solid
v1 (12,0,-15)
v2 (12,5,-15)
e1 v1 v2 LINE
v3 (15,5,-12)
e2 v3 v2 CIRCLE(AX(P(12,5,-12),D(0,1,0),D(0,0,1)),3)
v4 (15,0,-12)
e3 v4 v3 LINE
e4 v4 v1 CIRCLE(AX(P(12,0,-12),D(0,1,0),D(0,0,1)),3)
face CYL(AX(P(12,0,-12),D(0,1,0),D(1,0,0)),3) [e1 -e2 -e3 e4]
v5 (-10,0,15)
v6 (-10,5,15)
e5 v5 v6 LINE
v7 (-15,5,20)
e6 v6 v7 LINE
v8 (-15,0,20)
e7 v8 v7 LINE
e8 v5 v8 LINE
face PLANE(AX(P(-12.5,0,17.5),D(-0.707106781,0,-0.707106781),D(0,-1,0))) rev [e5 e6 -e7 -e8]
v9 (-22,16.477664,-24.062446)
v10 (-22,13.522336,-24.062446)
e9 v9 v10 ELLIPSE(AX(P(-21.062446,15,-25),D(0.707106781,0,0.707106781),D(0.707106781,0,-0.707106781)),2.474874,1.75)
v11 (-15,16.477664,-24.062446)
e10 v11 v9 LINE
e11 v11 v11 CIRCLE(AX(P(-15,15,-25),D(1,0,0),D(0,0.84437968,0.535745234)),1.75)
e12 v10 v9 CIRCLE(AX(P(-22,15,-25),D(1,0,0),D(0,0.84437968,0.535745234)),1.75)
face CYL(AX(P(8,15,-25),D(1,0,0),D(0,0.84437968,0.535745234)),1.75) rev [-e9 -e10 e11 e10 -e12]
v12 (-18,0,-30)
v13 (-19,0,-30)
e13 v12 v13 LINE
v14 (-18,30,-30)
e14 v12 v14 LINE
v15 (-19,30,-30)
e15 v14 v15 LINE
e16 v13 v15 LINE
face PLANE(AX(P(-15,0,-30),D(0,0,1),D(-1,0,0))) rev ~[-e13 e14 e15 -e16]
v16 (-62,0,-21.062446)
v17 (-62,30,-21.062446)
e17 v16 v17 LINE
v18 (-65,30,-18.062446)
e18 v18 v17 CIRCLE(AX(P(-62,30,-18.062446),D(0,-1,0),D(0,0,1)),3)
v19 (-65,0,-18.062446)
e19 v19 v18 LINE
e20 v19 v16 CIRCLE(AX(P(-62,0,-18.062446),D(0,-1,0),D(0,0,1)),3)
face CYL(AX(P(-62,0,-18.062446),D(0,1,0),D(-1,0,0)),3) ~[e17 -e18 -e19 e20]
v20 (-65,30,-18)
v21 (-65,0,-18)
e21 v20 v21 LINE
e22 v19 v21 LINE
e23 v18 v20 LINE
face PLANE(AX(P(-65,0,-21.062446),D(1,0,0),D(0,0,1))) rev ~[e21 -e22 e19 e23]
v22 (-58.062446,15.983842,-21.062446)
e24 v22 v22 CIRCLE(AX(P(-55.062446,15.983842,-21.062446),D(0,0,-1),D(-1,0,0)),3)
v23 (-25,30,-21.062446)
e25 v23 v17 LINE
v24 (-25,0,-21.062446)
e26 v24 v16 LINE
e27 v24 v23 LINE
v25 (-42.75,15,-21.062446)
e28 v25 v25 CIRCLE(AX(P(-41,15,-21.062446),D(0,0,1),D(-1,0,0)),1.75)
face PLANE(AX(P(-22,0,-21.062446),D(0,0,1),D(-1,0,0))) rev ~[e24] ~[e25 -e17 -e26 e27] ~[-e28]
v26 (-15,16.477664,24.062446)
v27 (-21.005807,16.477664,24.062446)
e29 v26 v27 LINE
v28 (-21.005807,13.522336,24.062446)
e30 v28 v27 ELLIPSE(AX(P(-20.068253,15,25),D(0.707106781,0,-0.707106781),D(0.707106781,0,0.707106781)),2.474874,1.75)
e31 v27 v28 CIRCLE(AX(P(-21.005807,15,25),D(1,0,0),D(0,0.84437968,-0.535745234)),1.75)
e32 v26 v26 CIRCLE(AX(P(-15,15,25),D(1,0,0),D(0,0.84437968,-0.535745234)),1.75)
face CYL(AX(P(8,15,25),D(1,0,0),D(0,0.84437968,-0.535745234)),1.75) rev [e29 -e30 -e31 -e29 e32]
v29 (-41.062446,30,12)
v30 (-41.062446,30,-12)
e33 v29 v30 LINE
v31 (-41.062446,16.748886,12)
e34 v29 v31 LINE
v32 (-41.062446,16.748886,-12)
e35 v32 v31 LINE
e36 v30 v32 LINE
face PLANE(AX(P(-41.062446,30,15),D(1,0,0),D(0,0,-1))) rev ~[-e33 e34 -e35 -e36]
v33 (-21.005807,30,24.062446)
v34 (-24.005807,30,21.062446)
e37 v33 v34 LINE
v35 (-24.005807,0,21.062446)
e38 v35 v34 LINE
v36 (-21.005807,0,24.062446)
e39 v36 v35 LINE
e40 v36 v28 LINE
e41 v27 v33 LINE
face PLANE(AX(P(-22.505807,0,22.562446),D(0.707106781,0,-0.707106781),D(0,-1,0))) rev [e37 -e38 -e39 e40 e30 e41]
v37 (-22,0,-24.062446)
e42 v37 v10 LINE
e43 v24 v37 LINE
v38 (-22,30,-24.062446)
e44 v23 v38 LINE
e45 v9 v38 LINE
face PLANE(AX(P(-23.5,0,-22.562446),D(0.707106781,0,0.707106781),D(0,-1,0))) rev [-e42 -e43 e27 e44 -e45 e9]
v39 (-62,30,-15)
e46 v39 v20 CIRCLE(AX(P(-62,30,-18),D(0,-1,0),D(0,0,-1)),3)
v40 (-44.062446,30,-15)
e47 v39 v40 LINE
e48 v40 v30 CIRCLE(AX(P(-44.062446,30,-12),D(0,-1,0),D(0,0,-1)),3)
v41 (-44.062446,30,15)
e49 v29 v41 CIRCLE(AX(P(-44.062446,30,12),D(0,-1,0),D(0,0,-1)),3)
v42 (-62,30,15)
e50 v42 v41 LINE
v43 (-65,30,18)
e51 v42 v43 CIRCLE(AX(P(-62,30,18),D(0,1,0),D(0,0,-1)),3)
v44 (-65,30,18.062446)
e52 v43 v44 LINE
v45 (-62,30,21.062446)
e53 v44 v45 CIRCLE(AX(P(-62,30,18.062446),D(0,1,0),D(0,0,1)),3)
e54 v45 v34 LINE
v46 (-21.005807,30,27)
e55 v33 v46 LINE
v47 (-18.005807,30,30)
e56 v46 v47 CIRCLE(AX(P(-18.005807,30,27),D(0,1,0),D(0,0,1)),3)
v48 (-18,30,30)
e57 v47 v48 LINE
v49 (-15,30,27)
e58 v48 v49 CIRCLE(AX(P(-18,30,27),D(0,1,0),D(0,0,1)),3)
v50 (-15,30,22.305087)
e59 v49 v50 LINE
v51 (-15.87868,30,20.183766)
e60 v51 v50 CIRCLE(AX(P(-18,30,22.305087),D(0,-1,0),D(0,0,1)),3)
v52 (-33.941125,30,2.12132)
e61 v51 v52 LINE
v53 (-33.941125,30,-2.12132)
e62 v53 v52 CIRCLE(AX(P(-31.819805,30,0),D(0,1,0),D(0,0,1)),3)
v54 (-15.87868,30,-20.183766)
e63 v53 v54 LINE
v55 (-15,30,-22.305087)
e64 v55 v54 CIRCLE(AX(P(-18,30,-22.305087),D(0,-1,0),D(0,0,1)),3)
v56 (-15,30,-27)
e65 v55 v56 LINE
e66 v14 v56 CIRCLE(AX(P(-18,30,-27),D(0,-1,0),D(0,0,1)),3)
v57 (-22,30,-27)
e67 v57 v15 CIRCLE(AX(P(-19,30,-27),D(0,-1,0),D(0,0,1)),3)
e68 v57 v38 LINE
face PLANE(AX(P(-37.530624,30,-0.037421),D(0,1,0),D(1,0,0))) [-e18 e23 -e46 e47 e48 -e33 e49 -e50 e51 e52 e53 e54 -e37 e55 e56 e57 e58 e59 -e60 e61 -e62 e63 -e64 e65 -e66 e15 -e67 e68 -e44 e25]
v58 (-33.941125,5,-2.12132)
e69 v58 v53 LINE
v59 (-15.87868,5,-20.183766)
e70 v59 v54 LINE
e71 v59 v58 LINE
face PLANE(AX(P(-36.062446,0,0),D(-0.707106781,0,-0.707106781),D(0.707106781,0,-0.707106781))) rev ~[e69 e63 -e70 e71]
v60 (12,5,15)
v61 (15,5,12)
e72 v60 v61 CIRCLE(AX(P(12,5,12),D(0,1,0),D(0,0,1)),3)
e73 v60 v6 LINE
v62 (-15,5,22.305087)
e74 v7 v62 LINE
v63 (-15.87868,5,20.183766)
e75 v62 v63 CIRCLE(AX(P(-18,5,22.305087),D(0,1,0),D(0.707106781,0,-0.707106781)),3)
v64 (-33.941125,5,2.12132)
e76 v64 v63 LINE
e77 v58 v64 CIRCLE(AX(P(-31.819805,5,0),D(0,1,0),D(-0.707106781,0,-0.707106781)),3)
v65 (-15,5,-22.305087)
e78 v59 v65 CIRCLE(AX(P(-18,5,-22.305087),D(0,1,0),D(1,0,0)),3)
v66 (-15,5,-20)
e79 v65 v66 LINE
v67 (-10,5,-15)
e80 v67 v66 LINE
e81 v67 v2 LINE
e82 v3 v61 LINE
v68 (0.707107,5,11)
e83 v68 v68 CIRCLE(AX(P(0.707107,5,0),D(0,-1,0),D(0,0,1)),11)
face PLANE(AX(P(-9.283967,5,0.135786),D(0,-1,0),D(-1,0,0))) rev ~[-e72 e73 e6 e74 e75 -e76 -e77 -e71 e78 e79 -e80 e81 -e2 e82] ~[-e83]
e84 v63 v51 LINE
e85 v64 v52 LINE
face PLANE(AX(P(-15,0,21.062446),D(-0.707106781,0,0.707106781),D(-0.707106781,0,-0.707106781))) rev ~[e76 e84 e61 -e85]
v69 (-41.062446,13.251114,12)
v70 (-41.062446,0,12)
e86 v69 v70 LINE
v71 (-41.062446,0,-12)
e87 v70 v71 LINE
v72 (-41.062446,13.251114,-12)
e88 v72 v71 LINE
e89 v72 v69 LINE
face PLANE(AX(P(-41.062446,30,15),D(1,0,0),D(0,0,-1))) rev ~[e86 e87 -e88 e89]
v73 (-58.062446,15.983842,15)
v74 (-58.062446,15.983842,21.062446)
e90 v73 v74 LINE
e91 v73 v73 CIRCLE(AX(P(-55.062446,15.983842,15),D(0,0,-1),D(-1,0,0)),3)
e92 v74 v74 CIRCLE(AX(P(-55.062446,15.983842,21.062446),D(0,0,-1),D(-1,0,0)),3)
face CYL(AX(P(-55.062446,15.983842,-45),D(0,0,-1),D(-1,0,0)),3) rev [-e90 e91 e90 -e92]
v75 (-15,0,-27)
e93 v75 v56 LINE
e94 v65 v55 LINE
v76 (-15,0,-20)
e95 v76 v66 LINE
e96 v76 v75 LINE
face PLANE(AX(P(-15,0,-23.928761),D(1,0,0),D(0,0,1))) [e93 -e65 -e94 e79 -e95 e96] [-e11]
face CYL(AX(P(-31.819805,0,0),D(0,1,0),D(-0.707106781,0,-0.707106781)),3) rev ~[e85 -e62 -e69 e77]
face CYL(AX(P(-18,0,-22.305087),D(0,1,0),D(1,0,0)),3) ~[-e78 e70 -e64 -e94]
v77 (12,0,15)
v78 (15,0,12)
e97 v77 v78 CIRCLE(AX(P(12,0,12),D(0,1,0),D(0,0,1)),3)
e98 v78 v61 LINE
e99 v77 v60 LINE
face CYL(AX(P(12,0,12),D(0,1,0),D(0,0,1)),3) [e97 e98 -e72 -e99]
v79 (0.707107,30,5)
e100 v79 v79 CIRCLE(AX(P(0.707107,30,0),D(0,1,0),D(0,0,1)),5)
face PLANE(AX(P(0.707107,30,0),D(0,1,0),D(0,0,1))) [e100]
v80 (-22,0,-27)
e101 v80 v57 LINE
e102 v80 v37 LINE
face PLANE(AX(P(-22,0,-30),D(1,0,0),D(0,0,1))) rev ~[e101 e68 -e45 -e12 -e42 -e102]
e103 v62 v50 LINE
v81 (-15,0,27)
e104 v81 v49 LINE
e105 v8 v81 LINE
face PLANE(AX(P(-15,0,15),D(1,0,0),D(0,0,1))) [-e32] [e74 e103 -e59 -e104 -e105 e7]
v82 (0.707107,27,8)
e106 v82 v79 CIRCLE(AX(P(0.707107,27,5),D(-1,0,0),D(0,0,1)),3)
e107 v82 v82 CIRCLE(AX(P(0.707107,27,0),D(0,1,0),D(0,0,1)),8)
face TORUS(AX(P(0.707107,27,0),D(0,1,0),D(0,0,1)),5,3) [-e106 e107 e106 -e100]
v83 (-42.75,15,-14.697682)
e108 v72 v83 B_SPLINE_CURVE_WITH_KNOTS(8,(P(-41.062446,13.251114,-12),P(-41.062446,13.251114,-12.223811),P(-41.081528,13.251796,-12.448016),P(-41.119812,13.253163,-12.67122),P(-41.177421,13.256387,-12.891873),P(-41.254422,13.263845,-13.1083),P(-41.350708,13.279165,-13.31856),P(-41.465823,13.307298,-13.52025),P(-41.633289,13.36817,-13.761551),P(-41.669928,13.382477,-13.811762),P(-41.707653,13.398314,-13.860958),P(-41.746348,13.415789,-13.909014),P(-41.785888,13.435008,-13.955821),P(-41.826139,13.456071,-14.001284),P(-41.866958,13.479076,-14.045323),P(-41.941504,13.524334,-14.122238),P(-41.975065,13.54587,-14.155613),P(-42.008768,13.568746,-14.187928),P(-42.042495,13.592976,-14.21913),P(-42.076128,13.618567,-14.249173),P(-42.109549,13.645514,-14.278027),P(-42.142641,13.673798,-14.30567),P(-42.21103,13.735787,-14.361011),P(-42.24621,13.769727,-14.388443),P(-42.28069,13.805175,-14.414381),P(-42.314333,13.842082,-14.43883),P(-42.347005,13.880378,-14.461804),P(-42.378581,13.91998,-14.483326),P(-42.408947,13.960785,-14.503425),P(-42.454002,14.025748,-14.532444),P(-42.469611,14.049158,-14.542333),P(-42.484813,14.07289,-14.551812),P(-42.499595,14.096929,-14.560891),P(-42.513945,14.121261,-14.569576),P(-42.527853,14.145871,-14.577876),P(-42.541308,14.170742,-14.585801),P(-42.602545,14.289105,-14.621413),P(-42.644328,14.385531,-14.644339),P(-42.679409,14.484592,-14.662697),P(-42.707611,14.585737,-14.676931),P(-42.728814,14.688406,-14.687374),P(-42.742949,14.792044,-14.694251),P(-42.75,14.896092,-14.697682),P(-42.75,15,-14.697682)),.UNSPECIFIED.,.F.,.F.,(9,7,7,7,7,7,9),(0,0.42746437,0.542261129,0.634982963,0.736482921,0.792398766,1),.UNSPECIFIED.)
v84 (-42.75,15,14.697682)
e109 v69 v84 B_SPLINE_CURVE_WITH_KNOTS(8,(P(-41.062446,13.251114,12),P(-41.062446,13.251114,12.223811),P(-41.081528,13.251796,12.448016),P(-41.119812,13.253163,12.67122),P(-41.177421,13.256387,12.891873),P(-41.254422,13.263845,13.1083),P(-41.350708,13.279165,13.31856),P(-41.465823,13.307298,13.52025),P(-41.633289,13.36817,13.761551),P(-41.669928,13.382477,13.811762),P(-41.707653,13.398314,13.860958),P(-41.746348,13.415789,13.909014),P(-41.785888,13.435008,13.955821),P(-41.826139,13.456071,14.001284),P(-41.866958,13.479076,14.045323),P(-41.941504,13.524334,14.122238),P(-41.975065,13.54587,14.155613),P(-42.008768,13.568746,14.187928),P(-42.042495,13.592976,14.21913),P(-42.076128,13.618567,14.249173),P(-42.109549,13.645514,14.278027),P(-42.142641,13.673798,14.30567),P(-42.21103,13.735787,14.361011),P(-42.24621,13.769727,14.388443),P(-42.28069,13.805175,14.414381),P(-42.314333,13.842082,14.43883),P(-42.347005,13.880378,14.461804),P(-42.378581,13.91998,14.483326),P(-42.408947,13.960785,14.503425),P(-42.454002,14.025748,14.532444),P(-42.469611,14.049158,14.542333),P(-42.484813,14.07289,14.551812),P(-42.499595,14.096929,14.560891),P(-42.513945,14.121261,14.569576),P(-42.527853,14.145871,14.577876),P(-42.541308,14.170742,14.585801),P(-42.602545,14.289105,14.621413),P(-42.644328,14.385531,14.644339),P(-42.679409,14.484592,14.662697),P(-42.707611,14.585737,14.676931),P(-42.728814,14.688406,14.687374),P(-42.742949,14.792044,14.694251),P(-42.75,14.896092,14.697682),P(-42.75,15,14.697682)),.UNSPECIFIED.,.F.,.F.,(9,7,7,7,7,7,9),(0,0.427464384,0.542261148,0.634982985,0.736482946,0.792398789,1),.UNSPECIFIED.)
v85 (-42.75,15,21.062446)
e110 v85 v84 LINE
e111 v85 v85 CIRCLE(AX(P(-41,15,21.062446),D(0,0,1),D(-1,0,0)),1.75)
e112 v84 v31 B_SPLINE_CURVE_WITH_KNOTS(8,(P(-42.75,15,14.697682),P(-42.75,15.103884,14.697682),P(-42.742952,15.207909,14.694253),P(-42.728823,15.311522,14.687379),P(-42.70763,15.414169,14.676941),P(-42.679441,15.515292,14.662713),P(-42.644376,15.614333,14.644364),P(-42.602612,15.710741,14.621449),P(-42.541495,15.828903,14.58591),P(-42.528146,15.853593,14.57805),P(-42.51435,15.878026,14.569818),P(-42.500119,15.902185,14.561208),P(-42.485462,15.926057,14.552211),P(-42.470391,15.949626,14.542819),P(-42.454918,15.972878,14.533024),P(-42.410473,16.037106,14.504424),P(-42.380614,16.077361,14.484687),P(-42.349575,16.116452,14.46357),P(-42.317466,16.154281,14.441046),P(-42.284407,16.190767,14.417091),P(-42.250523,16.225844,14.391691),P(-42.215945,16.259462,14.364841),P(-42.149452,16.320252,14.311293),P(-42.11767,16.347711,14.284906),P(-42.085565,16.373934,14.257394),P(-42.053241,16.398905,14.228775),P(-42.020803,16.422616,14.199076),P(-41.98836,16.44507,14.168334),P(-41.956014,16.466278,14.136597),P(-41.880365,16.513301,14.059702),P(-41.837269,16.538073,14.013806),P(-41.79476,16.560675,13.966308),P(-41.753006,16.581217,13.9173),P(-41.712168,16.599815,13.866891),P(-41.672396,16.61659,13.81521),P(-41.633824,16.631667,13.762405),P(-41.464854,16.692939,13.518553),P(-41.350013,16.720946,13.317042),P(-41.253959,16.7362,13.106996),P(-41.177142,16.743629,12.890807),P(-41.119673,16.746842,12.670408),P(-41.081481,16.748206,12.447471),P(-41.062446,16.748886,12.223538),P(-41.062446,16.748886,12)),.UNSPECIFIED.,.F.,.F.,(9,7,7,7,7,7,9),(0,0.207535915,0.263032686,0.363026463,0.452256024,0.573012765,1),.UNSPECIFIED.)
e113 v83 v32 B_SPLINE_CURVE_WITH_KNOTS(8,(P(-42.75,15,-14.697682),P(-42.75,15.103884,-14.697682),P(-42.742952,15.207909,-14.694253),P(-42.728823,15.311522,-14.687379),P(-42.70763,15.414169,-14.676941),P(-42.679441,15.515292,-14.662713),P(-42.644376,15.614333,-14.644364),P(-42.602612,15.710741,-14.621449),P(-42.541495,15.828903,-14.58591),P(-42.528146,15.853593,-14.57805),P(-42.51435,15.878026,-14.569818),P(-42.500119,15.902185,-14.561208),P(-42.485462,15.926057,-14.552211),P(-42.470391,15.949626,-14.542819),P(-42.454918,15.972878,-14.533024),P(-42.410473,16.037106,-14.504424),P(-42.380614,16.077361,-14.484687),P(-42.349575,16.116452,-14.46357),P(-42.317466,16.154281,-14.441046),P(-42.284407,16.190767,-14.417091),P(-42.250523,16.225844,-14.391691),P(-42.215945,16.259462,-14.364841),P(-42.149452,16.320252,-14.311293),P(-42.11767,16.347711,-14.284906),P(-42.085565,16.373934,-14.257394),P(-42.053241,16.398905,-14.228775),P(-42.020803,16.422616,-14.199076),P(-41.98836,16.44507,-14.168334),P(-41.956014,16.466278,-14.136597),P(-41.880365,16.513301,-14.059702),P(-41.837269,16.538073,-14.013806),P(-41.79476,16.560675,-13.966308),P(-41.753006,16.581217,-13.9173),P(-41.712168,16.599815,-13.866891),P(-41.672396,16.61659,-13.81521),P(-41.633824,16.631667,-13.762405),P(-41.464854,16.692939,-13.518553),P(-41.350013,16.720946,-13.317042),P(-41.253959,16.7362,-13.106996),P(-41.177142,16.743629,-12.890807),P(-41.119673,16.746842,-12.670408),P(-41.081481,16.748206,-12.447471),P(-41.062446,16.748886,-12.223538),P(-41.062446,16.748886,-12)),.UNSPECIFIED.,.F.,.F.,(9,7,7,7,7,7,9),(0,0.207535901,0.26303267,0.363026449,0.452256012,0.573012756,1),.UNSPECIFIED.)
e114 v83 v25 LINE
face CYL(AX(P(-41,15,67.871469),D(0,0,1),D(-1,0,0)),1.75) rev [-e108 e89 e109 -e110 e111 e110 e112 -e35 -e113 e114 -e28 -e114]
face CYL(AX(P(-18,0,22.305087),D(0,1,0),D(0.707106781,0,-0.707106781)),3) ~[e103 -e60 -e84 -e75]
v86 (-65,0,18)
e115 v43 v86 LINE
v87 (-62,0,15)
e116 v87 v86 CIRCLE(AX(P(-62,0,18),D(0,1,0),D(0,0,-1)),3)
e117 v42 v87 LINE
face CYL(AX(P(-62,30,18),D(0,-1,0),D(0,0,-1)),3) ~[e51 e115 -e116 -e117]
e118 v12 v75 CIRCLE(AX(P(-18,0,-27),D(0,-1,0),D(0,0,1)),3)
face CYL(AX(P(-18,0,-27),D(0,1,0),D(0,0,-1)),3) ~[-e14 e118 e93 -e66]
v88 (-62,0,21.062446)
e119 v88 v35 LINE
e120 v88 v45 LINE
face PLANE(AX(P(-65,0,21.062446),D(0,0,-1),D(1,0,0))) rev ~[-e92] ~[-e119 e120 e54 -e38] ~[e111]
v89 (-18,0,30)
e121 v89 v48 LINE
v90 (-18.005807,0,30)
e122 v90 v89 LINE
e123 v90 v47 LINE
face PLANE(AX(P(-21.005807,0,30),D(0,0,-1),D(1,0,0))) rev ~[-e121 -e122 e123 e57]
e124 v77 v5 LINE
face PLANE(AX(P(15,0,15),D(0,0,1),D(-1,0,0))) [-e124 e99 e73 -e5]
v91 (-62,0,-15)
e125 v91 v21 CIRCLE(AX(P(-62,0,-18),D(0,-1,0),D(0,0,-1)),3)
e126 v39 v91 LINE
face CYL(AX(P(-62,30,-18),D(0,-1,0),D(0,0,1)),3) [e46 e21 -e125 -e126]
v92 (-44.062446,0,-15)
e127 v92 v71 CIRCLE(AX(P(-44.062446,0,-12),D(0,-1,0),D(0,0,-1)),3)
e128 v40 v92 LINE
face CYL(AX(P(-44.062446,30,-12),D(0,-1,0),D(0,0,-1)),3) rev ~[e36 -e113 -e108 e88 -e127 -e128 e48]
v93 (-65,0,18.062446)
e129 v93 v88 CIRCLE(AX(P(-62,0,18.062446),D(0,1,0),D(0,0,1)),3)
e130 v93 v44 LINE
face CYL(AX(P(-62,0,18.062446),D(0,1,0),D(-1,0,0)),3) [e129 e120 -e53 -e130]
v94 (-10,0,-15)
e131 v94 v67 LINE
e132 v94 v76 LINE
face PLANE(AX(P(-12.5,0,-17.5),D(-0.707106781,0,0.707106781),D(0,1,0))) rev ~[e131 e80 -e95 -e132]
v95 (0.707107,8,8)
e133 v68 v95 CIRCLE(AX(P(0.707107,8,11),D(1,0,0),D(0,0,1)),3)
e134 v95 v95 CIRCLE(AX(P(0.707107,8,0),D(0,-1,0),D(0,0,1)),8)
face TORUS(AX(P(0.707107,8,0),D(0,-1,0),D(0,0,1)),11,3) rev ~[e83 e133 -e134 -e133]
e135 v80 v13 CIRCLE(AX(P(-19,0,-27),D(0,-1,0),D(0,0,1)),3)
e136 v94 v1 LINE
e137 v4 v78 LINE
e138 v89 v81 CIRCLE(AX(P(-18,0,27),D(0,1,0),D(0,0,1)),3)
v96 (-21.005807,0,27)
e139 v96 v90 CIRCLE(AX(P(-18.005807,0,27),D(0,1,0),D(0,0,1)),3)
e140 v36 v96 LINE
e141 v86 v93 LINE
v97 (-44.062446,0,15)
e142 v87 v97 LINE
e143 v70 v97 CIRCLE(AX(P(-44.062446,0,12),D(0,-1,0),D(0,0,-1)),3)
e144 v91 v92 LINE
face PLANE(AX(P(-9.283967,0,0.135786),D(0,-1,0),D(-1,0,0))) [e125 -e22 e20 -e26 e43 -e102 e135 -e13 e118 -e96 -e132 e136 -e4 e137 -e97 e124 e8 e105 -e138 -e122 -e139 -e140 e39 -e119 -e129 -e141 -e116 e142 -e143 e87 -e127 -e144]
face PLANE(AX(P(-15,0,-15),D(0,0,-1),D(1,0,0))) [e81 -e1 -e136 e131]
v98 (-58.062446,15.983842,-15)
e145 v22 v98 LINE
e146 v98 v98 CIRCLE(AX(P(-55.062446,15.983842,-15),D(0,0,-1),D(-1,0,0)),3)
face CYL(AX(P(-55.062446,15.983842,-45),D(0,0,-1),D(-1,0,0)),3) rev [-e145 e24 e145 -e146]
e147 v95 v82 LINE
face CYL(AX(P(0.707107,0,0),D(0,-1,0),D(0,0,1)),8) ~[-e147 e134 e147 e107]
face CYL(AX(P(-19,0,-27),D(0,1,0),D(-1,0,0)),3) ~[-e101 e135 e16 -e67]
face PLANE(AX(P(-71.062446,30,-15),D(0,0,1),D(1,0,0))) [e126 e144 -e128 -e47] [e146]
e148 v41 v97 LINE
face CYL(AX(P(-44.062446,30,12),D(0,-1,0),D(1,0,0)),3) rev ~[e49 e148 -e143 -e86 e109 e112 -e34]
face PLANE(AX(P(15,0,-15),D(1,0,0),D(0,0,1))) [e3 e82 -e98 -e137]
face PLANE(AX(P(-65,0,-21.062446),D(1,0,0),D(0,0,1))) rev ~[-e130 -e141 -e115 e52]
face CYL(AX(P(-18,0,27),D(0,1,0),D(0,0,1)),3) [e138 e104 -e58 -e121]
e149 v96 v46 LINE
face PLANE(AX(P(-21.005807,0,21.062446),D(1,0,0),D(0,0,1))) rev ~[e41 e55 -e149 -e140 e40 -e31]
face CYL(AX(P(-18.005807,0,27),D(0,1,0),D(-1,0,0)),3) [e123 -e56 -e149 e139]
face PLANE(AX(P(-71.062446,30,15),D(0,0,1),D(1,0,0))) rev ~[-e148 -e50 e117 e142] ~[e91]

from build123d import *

# Parameters (mm, degrees)
SKETCH1_R               = 8
BOSS_EXTRUDE1_DEPTH     = 30
BOSS_EXTRUDE1_2_DEPTH   = 30
SKETCH2_W               = 30
SKETCH2_H               = 30
CUT_EXTRUDE1_DEPTH      = 30
CHAMFER1_SIZE           = 3
FILLET1_R               = 3
FILLET2_R               = 3
CUT_EXTRUDE2_DEPTH      = 30
CUT_EXTRUDE2_DEPTH_BACK = 30
SKETCH3_R               = 1.75
CUT_EXTRUDE3_DEPTH      = 50
CUT_EXTRUDE3_DEPTH_BACK = 30
SKETCH4_R               = 3
CUT_EXTRUDE4_DEPTH      = 88.933914818
CUT_EXTRUDE4_DEPTH_BACK = 88.933914818
SKETCH5_R               = 1.75
BOSS_EXTRUDE2_DEPTH     = 5
FILLET3_R               = 3
FILLET4_R               = 3
FILLET5_R               = 3
CHAMFER5_SIZE           = 5


with BuildPart() as part:
    # Sketch1 → Boss-Extrude1 (new body)
    with BuildSketch(Plane(origin=(0, 0, 0), x_dir=(1, 0, 0), z_dir=(0, 1, 0))):
        with Locations(Location((0.707106781, 0, 0), (0, 0, 270))):
            Circle(SKETCH1_R)
    extrude(amount=BOSS_EXTRUDE1_DEPTH)



with BuildPart() as body_2:
    # Sketch1 → Boss-Extrude1 2 (new body)
    with BuildSketch(Plane(origin=(0, 0, 0), x_dir=(1, 0, 0), z_dir=(0, 1, 0))):
        Polygon((-65, 21.062445841), (-65, -21.062445841), (-21.005807434, -21.062445841), (-21.005807434, -30), (-15, -30), (-15, -21.062445841), (-36.062445841, 0), (-15, 21.062445841), (-15, 30), (-22, 30), (-22, 21.062445841), align=None)
    extrude(amount=BOSS_EXTRUDE1_2_DEPTH)

    # Sketch2 → Cut-Extrude1 (cut)
    with BuildSketch(Plane(origin=(0, 30, 0), x_dir=(1, 0, 0), z_dir=(0, 1, 0))):
        with Locations((-56.062445841, 0)):
            Rectangle(SKETCH2_W, SKETCH2_H)
    extrude(amount=-CUT_EXTRUDE1_DEPTH, mode=Mode.SUBTRACT)

    # Chamfer1
    chamfer1_edges = [body_2.edges().sort_by_distance(p)[0] for p in [
        (-21.005807434, 15, 21.062445841),
        (-22, 15, -21.062445841),
    ]]
    chamfer(chamfer1_edges, length=CHAMFER1_SIZE)

    # Fillet1
    fillet1_edges = [body_2.edges().sort_by_distance(p)[0] for p in [
        (-36.062445841, 15, 0),
        (-15, 15, 21.062445841),
        (-15, 15, -21.062445841),
        (-41.062445841, 15, 15),
        (-41.062445841, 15, -15),
    ]]
    fillet(fillet1_edges, radius=FILLET1_R)

    # Fillet2
    fillet2_edges = [body_2.edges().sort_by_distance(p)[0] for p in [
        (-15, 15, 30),
        (-21.005807434, 15, 30),
        (-65, 15, 21.062445841),
        (-65, 15, -21.062445841),
        (-22, 15, -30),
        (-15, 15, -30),
        (-65, 15, 15),
        (-65, 15, -15),
    ]]
    fillet(fillet2_edges, radius=FILLET2_R)

    # Sketch3 → Cut-Extrude2 (cut, two sides: drawn at the far end of the back side and taken through both)
    with BuildSketch(Plane.ZY.offset(22).offset(-CUT_EXTRUDE2_DEPTH_BACK)):
        with Locations(Location((-25, 15, 0), (0, 0, 57.605534529))):
            Circle(SKETCH3_R)
        with Locations(Location((25, 15, 0), (0, 0, 122.394465471))):
            Circle(SKETCH3_R)
    extrude(amount=CUT_EXTRUDE2_DEPTH + CUT_EXTRUDE2_DEPTH_BACK, mode=Mode.SUBTRACT)

    # Sketch4 → Cut-Extrude3 (cut, two sides: drawn at the far end of the back side and taken through both)
    with BuildSketch(Plane.XY.offset(-15).offset(-CUT_EXTRUDE3_DEPTH_BACK)):
        with Locations(Location((-55.062445841, 15.983841749, 0), (0, 0, 180))):
            Circle(SKETCH4_R)
    extrude(amount=CUT_EXTRUDE3_DEPTH + CUT_EXTRUDE3_DEPTH_BACK, mode=Mode.SUBTRACT)

    # Sketch5 → Cut-Extrude4 (cut, two sides: drawn at the far end of the back side and taken through both)
    with BuildSketch(Plane(origin=(0, 0, -21.062445841), x_dir=(-1, 0, 0), z_dir=(0, 0, -1)).offset(-CUT_EXTRUDE4_DEPTH_BACK)):
        with Locations((41, 15)):
            Circle(SKETCH5_R)
    extrude(amount=CUT_EXTRUDE4_DEPTH + CUT_EXTRUDE4_DEPTH_BACK, mode=Mode.SUBTRACT)


with BuildPart() as part_1:
    add(part.part)

    add(body_2.part)  # Boss-Extrude2 merges body 2
    # Sketch6 → Boss-Extrude2 (add)
    with BuildSketch(Plane(origin=(0, 0, 0), x_dir=(1, 0, 0), z_dir=(0, 1, 0))):
        Polygon((-15, 15), (15, 15), (15, -15), (-15, -15), (-15, -24.652543264), (-37.297750688, -1.415722551), (-37.297750688, 2.803501212), (-15, 23.928760824), align=None)
    extrude(amount=BOSS_EXTRUDE2_DEPTH)

    # Fillet3
    fillet3_edges = [part_1.edges().sort_by_distance(p)[0] for p in [
        (0.707106781, 30, -8),
    ]]
    fillet(fillet3_edges, radius=FILLET3_R)

    # Fillet4
    fillet4_edges = [part_1.edges().sort_by_distance(p)[0] for p in [
        (15, 2.5, 15),
        (15, 2.5, -15),
    ]]
    fillet(fillet4_edges, radius=FILLET4_R)

    # Fillet5
    fillet5_edges = [part_1.edges().sort_by_distance(p)[0] for p in [
        (0.707106781, 5, -8),
    ]]
    fillet(fillet5_edges, radius=FILLET5_R)

    # Chamfer5
    chamfer5_edges = [part_1.edges().sort_by_distance(p)[0] for p in [
        (-15, 2.5, -15),
        (-15, 2.5, 15),
    ]]
    chamfer(chamfer5_edges, length=CHAMFER5_SIZE)


solid = part_1.part
